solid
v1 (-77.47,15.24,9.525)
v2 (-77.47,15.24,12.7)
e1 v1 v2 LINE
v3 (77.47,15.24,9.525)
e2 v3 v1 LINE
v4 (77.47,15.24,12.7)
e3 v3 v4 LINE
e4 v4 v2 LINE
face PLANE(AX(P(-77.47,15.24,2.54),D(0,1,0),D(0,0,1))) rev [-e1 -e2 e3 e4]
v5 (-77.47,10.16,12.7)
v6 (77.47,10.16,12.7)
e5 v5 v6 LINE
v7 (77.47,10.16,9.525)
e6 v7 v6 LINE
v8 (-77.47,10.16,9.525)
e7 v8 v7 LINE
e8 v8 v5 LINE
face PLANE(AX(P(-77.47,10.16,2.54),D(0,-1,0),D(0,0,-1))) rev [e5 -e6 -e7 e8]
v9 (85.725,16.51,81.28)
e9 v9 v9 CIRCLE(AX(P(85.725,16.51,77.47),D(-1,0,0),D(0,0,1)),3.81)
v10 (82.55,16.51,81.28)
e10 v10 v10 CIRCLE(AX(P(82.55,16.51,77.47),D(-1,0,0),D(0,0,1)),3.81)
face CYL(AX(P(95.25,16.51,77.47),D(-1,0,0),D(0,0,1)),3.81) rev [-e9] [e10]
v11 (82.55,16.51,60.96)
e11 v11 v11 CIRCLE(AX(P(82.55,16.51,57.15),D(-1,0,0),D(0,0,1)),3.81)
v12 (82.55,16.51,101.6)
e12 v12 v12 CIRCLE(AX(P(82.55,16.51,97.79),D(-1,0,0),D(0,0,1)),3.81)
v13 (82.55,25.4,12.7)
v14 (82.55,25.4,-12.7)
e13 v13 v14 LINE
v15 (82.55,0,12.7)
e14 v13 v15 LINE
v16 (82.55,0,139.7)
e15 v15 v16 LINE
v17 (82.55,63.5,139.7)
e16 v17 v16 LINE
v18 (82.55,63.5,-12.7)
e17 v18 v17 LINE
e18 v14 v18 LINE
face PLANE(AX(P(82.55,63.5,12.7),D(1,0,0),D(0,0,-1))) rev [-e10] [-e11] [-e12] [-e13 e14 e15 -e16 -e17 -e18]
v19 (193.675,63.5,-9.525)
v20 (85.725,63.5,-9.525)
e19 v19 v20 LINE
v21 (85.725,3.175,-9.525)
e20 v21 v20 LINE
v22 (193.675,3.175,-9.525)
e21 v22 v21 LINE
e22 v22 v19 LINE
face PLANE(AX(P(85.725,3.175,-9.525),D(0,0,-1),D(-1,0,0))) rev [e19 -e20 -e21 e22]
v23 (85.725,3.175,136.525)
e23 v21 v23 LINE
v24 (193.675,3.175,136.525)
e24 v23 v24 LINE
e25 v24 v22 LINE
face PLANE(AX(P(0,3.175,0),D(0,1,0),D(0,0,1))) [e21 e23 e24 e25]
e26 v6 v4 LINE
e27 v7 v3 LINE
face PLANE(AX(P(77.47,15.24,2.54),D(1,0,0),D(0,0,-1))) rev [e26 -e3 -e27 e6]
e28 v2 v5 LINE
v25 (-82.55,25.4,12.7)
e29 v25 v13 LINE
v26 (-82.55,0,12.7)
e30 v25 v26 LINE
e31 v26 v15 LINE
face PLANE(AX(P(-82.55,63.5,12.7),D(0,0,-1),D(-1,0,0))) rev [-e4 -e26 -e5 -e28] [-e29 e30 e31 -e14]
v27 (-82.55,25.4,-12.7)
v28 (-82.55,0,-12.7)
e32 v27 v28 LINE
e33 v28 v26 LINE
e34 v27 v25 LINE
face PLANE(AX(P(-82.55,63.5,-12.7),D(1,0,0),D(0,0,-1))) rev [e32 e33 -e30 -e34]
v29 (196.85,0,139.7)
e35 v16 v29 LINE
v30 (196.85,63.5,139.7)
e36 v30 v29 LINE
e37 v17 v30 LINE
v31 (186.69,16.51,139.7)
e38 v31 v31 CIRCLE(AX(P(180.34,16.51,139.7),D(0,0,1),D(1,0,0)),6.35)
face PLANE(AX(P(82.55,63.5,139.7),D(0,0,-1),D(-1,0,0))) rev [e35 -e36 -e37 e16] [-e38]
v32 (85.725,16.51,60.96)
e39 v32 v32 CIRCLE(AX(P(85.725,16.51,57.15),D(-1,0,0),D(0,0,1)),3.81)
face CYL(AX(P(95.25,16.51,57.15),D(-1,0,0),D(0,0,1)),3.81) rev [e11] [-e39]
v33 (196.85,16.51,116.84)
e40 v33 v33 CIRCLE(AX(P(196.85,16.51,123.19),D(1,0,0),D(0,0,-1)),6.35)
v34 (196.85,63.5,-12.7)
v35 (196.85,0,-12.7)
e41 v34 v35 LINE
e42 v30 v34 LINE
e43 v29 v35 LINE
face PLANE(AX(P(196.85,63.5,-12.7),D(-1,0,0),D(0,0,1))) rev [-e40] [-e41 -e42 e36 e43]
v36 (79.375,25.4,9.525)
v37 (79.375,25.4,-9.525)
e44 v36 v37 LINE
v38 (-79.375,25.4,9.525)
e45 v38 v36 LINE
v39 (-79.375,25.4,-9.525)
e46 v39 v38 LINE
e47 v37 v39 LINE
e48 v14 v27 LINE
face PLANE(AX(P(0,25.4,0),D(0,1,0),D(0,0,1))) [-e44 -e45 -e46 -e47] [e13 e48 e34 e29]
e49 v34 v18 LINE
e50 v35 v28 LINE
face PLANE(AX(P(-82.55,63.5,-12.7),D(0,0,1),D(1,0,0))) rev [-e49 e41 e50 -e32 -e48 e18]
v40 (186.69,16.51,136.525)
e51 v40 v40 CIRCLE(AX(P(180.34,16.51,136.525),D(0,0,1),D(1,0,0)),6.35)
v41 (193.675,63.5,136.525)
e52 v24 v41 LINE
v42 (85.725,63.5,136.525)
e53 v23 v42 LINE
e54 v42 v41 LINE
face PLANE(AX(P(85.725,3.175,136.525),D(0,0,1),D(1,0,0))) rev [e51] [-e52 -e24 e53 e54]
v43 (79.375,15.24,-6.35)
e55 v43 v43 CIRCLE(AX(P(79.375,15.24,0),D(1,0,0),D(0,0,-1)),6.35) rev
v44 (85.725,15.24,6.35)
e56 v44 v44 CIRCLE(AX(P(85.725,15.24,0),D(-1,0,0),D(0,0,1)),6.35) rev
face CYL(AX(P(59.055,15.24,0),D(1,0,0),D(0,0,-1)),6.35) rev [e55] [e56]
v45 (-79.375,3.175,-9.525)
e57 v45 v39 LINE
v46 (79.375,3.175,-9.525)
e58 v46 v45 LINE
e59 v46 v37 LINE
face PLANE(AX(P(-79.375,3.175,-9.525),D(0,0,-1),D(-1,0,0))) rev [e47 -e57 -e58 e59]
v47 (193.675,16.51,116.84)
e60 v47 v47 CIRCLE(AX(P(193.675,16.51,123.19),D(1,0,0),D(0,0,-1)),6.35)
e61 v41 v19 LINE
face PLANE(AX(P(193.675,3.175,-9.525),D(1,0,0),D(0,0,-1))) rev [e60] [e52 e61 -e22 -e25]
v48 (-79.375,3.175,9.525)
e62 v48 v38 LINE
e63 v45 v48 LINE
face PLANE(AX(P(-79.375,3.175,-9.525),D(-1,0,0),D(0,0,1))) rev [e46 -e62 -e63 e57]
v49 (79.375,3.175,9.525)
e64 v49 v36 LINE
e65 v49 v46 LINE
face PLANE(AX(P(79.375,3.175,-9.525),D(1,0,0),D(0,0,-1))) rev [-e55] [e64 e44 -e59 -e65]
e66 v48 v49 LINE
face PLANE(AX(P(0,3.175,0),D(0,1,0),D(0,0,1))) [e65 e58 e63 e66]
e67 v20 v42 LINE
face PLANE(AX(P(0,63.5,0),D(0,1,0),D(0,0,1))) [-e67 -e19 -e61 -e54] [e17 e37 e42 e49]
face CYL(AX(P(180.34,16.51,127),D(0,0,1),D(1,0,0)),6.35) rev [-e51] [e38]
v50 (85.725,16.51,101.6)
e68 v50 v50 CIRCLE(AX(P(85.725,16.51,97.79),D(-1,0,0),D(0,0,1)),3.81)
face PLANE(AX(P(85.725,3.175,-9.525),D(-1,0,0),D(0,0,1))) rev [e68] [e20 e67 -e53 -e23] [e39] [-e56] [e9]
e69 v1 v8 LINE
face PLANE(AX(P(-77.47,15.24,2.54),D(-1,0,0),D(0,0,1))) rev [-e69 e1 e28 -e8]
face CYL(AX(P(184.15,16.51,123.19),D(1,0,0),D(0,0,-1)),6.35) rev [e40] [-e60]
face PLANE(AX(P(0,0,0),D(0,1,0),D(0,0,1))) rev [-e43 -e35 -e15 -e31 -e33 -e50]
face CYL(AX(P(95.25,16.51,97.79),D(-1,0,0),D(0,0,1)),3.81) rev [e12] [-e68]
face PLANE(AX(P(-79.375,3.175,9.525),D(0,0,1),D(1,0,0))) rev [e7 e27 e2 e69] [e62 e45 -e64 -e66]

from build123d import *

# Parameters (mm, degrees)
BOSS_EXTRUDE1_DEPTH     = 63.5
SKETCH2_W               = 165.1
SKETCH2_H               = 25.4
CUT_EXTRUDE1_DEPTH      = 38.1
SKETCH3_W               = 107.95
SKETCH3_H               = 146.05
CUT_EXTRUDE2_DEPTH      = 60.325
SKETCH4_W               = 158.75
SKETCH4_H               = 19.05
CUT_EXTRUDE3_DEPTH      = 22.225
CUT_EXTRUDE5_DEPTH      = 20.32
CUT_EXTRUDE5_DEPTH_BACK = 20.32
SKETCH5_R               = 6.35
SKETCH6_W               = 154.94
SKETCH6_H               = 5.08
CUT_EXTRUDE6_DEPTH      = 10.16
SKETCH8_R               = 3.81
CUT_EXTRUDE8_DEPTH      = 12.7
SKETCH9_R               = 6.35
CUT_EXTRUDE9_DEPTH      = 12.7
SKETCH10_R              = 6.35
CUT_EXTRUDE10_DEPTH     = 12.7


with BuildPart() as part:
    # Sketch1 → Boss-Extrude1 (new body)
    with BuildSketch(Plane(origin=(0, 0, 0), x_dir=(1, 0, 0), z_dir=(0, 1, 0))):
        Polygon((-82.55, 12.7), (82.55, 12.7), (196.85, 12.7), (196.85, -139.7), (82.55, -139.7), (82.55, -12.7), (-82.55, -12.7), align=None)
    extrude(amount=BOSS_EXTRUDE1_DEPTH)

    # Sketch2 → Cut-Extrude1 (cut)
    with BuildSketch(Plane(origin=(0, 63.5, 0), x_dir=(1, 0, 0), z_dir=(0, 1, 0))):
        Rectangle(SKETCH2_W, SKETCH2_H)
    extrude(amount=-CUT_EXTRUDE1_DEPTH, mode=Mode.SUBTRACT)

    # Sketch3 → Cut-Extrude2 (cut)
    with BuildSketch(Plane(origin=(0, 63.5, 0), x_dir=(1, 0, 0), z_dir=(0, 1, 0))):
        with Locations((139.7, -63.5)):
            Rectangle(SKETCH3_W, SKETCH3_H)
    extrude(amount=-CUT_EXTRUDE2_DEPTH, mode=Mode.SUBTRACT)

    # Sketch4 → Cut-Extrude3 (cut)
    with BuildSketch(Plane(origin=(0, 25.4, 0), x_dir=(1, 0, 0), z_dir=(0, 1, 0))):
        Rectangle(SKETCH4_W, SKETCH4_H)
    extrude(amount=-CUT_EXTRUDE3_DEPTH, mode=Mode.SUBTRACT)

    # Sketch5 → Cut-Extrude5 (cut, two sides: drawn at the far end of the back side and taken through both)
    with BuildSketch(Plane.ZY.offset(-79.375).offset(-CUT_EXTRUDE5_DEPTH_BACK)):
        with Locations(Location((0, 15.24, 0), (0, 0, 180))):
            Circle(SKETCH5_R)
    extrude(amount=CUT_EXTRUDE5_DEPTH + CUT_EXTRUDE5_DEPTH_BACK, mode=Mode.SUBTRACT)

    # Sketch6 → Cut-Extrude6 (cut)
    with BuildSketch(Plane.XY.offset(12.7)):
        with Locations((0, 12.7)):
            Rectangle(SKETCH6_W, SKETCH6_H)
    extrude(amount=-CUT_EXTRUDE6_DEPTH, mode=Mode.SUBTRACT)

    # Sketch8 → Cut-Extrude8 (cut)
    with BuildSketch(Plane.ZY.offset(-82.55)):
        with Locations((57.15, 16.51)):
            Circle(SKETCH8_R)
        with Locations((77.47, 16.51)):
            Circle(SKETCH8_R)
        with Locations((97.79, 16.51)):
            Circle(SKETCH8_R)
    extrude(amount=-CUT_EXTRUDE8_DEPTH, mode=Mode.SUBTRACT)

    # Sketch9 → Cut-Extrude9 (cut)
    with BuildSketch(Plane.XY.offset(139.7)):
        with Locations((180.34, 16.51)):
            Circle(SKETCH9_R)
    extrude(amount=-CUT_EXTRUDE9_DEPTH, mode=Mode.SUBTRACT)

    # Sketch10 → Cut-Extrude10 (cut)
    with BuildSketch(Plane(origin=(196.85, 0, 0), x_dir=(0, 0, -1), z_dir=(1, 0, 0))):
        with Locations((-123.19, 16.51)):
            Circle(SKETCH10_R)
    extrude(amount=-CUT_EXTRUDE10_DEPTH, mode=Mode.SUBTRACT)


solid = part.part
